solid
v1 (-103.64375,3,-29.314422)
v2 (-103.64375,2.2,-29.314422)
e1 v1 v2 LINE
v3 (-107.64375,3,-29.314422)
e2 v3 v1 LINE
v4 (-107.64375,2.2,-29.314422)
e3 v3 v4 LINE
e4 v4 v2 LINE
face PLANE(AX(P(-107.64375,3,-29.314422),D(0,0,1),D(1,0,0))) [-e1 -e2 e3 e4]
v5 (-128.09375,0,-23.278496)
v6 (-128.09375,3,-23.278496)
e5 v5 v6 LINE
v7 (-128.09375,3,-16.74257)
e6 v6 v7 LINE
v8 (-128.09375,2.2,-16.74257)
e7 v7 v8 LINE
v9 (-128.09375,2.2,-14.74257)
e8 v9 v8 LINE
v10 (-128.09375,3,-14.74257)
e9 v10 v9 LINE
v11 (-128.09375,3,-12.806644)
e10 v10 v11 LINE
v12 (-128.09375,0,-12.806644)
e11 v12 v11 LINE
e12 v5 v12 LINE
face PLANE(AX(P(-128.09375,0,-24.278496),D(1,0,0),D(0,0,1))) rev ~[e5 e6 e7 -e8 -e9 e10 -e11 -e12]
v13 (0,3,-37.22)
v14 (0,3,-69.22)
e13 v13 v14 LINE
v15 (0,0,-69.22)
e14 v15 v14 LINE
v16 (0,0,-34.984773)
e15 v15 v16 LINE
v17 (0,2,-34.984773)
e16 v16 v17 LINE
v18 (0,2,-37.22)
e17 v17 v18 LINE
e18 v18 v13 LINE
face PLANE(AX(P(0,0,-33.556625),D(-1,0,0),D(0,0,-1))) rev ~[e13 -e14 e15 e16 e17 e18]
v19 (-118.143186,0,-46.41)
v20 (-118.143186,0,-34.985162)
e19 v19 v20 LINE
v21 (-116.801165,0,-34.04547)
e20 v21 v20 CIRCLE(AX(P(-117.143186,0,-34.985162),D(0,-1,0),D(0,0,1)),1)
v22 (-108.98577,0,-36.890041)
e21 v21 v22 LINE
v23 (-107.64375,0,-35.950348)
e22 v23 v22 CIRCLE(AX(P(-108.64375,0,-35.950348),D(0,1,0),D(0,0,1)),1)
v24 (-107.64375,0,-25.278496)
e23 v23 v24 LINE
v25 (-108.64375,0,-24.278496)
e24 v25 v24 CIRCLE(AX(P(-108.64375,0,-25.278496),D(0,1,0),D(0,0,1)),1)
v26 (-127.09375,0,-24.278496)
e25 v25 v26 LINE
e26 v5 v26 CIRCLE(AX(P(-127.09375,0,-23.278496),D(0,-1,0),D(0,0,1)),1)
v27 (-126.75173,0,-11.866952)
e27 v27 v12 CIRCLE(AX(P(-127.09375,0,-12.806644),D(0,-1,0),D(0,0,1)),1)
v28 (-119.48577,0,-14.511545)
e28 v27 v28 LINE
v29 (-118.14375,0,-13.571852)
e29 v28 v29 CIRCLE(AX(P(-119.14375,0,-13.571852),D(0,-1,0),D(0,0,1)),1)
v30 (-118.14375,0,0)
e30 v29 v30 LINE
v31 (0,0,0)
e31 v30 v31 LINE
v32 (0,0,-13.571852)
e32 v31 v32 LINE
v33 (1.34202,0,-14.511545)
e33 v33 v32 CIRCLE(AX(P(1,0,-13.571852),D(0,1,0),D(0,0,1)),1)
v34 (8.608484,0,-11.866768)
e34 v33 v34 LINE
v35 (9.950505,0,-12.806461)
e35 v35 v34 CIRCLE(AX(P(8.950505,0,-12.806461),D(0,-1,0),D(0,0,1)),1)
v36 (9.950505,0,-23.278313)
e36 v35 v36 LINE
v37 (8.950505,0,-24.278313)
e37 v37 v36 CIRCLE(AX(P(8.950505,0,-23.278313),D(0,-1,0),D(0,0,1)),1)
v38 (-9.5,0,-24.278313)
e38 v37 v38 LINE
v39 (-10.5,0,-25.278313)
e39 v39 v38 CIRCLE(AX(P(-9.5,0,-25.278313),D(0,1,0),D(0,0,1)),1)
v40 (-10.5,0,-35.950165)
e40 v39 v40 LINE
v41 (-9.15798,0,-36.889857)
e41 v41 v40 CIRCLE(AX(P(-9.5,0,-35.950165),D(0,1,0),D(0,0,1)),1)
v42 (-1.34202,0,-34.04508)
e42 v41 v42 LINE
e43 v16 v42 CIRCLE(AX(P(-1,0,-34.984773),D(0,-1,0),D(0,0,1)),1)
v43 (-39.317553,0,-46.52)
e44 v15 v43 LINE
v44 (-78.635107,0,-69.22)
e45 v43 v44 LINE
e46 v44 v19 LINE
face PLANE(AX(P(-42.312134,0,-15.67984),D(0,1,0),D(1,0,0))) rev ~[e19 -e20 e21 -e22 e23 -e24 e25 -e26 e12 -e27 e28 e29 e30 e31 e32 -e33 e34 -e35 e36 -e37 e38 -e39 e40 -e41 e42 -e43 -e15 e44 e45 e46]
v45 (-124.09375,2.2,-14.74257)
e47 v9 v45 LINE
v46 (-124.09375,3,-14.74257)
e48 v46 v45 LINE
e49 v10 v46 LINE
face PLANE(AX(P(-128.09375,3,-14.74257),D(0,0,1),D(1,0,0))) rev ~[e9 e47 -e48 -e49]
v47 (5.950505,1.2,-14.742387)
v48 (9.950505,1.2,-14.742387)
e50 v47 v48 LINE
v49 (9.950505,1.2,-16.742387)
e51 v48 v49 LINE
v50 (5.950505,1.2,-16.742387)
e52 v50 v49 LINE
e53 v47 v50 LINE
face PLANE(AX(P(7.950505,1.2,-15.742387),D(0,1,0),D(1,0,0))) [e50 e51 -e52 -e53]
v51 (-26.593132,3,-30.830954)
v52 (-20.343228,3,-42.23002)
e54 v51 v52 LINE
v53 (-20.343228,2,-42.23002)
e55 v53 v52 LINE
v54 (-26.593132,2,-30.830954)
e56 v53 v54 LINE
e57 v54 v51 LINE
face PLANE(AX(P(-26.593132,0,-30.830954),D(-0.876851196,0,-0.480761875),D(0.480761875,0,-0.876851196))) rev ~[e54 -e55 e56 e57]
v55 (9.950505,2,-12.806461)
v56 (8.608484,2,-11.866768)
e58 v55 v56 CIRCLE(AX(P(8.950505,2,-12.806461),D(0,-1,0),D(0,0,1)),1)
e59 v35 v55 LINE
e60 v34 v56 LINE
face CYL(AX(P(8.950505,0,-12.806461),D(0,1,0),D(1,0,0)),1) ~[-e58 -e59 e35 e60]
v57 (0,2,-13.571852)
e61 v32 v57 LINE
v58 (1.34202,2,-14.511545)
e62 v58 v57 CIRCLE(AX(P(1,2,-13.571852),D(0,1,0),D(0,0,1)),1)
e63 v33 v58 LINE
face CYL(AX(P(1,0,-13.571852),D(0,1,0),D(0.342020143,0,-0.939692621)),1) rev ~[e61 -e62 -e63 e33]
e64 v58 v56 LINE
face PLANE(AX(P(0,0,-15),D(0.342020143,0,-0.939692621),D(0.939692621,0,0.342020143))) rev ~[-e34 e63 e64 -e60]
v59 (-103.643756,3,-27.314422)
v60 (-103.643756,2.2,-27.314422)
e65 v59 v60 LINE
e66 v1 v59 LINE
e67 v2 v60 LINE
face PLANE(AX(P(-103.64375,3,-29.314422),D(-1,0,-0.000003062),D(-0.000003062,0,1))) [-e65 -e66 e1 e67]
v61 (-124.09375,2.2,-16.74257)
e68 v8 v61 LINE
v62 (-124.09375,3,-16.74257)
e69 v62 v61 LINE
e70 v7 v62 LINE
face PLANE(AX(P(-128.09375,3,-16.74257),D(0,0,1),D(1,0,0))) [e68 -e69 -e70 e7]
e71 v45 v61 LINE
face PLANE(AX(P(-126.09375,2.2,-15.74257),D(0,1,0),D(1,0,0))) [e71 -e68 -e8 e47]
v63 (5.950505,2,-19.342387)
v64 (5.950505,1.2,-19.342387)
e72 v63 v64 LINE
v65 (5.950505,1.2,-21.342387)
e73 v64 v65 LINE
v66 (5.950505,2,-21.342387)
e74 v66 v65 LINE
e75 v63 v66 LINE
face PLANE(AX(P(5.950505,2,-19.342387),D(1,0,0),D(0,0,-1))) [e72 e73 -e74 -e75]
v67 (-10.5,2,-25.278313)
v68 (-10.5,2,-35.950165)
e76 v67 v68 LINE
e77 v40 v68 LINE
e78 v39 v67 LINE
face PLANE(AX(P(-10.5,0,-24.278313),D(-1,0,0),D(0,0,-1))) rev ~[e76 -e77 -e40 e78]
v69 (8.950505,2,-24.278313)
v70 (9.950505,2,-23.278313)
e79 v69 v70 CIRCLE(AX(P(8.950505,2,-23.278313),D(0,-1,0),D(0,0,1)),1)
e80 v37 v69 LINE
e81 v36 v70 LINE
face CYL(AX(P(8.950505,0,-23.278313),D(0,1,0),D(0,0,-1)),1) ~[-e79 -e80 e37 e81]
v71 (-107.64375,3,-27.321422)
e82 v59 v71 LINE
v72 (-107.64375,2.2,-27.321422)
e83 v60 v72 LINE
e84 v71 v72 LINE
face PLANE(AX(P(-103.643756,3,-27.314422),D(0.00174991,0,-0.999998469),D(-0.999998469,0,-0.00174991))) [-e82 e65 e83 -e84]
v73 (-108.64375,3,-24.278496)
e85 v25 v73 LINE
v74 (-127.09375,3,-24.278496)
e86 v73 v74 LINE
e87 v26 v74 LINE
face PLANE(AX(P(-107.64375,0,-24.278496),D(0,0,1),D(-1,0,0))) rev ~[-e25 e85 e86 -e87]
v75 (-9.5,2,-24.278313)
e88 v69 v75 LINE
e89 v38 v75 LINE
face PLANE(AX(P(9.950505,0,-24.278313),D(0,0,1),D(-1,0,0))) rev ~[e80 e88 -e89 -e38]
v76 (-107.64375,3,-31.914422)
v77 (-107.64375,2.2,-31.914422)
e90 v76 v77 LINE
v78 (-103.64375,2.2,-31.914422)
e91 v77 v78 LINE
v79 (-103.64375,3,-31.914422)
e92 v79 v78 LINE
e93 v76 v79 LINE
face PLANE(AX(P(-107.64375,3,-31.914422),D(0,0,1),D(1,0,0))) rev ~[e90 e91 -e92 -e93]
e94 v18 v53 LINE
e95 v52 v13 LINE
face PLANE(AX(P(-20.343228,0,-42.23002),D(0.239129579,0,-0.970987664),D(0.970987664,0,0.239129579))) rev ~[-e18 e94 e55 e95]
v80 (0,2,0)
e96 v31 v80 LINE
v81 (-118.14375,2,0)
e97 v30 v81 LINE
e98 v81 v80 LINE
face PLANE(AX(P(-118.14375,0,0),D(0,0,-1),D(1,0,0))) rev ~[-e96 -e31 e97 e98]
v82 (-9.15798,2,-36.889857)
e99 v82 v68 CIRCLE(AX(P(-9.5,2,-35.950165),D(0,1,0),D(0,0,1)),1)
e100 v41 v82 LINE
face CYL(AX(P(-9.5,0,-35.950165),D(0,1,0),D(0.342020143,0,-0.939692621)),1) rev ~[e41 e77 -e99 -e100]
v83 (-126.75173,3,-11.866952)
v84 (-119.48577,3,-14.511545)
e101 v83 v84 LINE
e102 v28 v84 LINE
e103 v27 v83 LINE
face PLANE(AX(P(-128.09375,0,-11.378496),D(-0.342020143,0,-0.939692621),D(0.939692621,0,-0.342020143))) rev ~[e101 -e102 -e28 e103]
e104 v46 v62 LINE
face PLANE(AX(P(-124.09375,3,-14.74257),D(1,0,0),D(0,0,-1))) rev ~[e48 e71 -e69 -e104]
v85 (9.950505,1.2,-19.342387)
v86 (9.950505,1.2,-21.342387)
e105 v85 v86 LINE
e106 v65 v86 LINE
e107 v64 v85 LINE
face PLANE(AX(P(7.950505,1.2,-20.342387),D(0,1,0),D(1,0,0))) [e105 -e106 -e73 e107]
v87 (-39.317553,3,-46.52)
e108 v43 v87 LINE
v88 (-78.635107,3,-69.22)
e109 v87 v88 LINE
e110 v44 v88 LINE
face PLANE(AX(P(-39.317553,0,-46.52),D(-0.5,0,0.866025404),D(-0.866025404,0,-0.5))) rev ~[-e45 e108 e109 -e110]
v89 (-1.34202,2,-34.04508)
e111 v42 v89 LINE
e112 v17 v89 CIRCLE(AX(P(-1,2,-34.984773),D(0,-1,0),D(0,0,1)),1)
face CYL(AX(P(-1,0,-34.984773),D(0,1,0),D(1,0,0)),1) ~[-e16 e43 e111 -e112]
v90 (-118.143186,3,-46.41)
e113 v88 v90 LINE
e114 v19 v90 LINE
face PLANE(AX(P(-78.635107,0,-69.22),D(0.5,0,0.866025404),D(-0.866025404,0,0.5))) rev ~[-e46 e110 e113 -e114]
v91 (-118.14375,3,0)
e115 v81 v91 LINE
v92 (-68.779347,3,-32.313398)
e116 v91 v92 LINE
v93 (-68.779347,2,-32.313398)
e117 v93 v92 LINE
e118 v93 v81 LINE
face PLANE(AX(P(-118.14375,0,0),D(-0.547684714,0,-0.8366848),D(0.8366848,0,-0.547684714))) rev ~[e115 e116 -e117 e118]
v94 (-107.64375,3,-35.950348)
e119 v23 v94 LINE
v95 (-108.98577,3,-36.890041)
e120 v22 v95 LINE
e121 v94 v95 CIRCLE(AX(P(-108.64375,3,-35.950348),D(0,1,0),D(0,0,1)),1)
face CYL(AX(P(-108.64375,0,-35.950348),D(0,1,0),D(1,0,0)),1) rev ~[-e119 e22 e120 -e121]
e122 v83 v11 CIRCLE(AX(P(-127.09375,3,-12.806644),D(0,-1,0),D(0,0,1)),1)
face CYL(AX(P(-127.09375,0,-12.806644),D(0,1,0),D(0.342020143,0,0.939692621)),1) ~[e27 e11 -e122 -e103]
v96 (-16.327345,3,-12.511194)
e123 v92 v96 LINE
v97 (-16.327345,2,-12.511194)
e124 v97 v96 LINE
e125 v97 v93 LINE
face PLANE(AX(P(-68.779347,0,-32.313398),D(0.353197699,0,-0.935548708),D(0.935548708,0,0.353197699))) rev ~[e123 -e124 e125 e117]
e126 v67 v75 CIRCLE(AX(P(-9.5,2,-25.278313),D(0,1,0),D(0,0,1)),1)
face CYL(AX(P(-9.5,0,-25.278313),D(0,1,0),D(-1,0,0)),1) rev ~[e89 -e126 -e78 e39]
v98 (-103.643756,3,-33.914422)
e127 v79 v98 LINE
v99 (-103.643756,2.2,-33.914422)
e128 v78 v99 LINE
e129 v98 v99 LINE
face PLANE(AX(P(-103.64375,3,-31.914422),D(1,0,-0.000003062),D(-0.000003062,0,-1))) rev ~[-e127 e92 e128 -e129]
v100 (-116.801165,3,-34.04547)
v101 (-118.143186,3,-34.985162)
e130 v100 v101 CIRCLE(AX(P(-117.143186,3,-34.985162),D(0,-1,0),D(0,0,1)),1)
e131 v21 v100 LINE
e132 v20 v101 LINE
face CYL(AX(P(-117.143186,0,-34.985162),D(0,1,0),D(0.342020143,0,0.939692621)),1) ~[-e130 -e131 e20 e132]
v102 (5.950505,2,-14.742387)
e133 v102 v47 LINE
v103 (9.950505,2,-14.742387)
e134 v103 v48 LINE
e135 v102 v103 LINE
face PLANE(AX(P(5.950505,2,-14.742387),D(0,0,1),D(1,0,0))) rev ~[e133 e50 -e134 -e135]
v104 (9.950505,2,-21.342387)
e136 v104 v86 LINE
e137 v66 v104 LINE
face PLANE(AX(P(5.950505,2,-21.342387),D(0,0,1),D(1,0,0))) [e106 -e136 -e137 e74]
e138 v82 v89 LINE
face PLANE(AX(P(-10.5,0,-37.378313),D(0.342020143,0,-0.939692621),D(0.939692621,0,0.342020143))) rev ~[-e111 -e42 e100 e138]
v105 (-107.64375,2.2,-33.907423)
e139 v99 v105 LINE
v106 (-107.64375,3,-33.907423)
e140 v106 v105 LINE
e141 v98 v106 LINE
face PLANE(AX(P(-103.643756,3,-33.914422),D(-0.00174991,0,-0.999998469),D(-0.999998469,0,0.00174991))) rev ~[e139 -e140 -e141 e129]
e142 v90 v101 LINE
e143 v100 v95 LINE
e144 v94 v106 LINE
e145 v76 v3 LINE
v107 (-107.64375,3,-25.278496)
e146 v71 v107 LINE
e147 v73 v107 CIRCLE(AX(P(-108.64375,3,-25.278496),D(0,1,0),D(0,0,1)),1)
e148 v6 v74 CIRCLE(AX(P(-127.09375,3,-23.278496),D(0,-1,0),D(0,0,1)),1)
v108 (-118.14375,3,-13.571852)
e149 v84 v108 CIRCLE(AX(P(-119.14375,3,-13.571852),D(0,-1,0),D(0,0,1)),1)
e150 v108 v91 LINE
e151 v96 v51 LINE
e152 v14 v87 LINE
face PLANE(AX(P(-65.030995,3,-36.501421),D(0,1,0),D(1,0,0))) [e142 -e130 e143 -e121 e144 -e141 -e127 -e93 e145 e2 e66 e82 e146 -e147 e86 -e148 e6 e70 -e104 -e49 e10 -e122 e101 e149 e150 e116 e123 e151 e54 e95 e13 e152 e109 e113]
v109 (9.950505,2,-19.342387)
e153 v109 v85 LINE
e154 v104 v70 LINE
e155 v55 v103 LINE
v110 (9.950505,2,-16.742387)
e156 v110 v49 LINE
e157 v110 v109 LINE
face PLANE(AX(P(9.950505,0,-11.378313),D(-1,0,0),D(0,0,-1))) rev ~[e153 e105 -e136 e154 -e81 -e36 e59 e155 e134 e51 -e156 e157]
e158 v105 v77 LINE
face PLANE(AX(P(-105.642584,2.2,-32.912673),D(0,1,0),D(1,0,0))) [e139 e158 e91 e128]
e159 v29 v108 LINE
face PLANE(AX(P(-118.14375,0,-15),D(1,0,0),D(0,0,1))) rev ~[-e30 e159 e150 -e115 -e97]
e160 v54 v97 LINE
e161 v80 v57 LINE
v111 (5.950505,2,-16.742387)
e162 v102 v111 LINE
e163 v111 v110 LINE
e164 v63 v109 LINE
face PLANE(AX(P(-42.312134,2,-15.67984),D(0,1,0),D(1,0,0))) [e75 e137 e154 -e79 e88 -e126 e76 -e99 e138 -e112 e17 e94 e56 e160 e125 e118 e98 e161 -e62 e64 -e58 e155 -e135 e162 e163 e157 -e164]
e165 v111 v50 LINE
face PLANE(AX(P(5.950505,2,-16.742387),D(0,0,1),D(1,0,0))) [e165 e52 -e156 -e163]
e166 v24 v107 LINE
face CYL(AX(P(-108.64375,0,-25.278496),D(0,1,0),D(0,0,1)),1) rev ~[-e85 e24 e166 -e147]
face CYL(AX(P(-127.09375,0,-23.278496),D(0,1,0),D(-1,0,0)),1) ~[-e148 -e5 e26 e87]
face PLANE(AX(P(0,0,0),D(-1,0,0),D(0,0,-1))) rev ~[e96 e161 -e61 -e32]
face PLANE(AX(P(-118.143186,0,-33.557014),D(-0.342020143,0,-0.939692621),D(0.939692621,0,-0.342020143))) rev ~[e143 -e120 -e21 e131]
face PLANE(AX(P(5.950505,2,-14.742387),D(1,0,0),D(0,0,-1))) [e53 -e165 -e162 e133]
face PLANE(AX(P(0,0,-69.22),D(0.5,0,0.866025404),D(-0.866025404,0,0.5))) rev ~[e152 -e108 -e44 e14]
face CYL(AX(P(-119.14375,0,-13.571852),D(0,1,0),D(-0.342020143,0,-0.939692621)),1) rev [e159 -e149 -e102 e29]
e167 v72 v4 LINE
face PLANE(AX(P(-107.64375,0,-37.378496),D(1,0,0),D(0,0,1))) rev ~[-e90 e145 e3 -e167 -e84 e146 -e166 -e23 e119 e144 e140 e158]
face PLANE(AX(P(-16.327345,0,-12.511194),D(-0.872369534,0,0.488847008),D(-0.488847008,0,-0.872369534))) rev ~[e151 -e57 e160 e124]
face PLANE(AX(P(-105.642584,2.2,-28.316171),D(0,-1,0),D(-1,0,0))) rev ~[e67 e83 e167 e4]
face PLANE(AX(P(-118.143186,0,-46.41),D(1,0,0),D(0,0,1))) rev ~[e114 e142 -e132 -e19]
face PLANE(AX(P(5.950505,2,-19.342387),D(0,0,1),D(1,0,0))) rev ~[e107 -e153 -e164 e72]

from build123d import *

# Parameters (mm, degrees)
P_IDAT_VYSUNUT_M1_DEPTH  = 3
P_IDAT_VYSUNUT_M2_DEPTH  = 2
ZAOBLIT4_R               = 1
SKICA2_W                 = 4
SKICA2_H                 = 2
ODEBRAT_VYSUNUT_M2_DEPTH = 0.8
SKICA3_W                 = 4
SKICA3_H                 = 2
ODEBRAT_VYSUNUT_M3_DEPTH = 0.8


with BuildPart() as part:
    # Skica1 → P_idat vysunut_m1 (new body)
    with BuildSketch(Plane(origin=(0, 0, 0), x_dir=(1, 0, 0), z_dir=(0, 1, 0))):
        Polygon((-118.143750166, 15), (-118.143750166, 0), (-68.779346971, 32.313398106), (-16.32734533, 12.51119421), (-26.593132493, 30.830954414), (-20.343228113, 42.230019956), (0, 37.22), (0, 69.22), (-39.317553332, 46.52), (-78.635106664, 69.22), (-118.143185584, 46.41), (-118.143185584, 33.5570142), (-107.643750166, 37.378496169), (-107.643750166, 24.278496169), (-128.093750166, 24.278496169), (-128.093750166, 11.378496169), align=None)
    extrude(amount=P_IDAT_VYSUNUT_M1_DEPTH)

    # Skica1_5 → P_idat vysunut_m2 (add)
    with BuildSketch(Plane(origin=(0, 0, 0), x_dir=(1, 0, 0), z_dir=(0, 1, 0))):
        Polygon((-68.779346971, 32.313398106), (-118.143750166, 0), (0, 0), (0, 15), (9.950504516, 11.37831254), (9.950504516, 24.27831254), (-10.5, 24.27831254), (-10.5, 37.37831254), (0, 33.55662508), (0, 37.22), (-20.343228113, 42.230019956), (-26.593132493, 30.830954414), (-16.32734533, 12.51119421), align=None)
    extrude(amount=P_IDAT_VYSUNUT_M2_DEPTH)

    # Zaoblit4
    zaoblit4_edges = [part.edges().sort_by_distance(p)[0] for p in [
        (-118.143750166, 1.5, -15),
        (-128.093750166, 1.5, -11.378496169),
        (-128.093750166, 1.5, -24.278496169),
        (-107.643750166, 1.5, -24.278496169),
        (-107.643750166, 1.5, -37.378496169),
        (-118.143185584, 1.5, -33.5570142),
        (-10.5, 1, -24.27831254),
        (-10.5, 1, -37.37831254),
        (0, 1, -33.55662508),
        (0, 1, -15),
        (9.950504516, 1, -11.37831254),
        (9.950504516, 1, -24.27831254),
    ]]
    fillet(zaoblit4_edges, radius=ZAOBLIT4_R)

    # Skica2 → Odebrat vysunut_m2 (cut)
    with BuildSketch(Plane(origin=(0, 3, 0), x_dir=(1, 0, 0), z_dir=(0, 1, 0))):
        with Locations((-126.093750166, 15.742570172)):
            Rectangle(SKICA2_W, SKICA2_H)
        Polygon((-103.64375629, 27.314422166), (-107.643750166, 27.321421806), (-107.643750166, 29.314422166), (-103.643750166, 29.314422166), align=None)
        Polygon((-103.64375629, 33.914422166), (-107.643750166, 33.907422526), (-107.643750166, 31.914422166), (-103.643750166, 31.914422166), align=None)
    extrude(amount=-ODEBRAT_VYSUNUT_M2_DEPTH, mode=Mode.SUBTRACT)

    # Skica3 → Odebrat vysunut_m3 (cut)
    with BuildSketch(Plane(origin=(0, 2, 0), x_dir=(1, 0, 0), z_dir=(0, 1, 0))):
        with Locations((7.950504516, 15.742386544)):
            Rectangle(SKICA3_W, SKICA3_H)
        with Locations((7.950504516, 20.342386544)):
            Rectangle(SKICA3_W, SKICA3_H)
    extrude(amount=-ODEBRAT_VYSUNUT_M3_DEPTH, mode=Mode.SUBTRACT)


solid = part.part
